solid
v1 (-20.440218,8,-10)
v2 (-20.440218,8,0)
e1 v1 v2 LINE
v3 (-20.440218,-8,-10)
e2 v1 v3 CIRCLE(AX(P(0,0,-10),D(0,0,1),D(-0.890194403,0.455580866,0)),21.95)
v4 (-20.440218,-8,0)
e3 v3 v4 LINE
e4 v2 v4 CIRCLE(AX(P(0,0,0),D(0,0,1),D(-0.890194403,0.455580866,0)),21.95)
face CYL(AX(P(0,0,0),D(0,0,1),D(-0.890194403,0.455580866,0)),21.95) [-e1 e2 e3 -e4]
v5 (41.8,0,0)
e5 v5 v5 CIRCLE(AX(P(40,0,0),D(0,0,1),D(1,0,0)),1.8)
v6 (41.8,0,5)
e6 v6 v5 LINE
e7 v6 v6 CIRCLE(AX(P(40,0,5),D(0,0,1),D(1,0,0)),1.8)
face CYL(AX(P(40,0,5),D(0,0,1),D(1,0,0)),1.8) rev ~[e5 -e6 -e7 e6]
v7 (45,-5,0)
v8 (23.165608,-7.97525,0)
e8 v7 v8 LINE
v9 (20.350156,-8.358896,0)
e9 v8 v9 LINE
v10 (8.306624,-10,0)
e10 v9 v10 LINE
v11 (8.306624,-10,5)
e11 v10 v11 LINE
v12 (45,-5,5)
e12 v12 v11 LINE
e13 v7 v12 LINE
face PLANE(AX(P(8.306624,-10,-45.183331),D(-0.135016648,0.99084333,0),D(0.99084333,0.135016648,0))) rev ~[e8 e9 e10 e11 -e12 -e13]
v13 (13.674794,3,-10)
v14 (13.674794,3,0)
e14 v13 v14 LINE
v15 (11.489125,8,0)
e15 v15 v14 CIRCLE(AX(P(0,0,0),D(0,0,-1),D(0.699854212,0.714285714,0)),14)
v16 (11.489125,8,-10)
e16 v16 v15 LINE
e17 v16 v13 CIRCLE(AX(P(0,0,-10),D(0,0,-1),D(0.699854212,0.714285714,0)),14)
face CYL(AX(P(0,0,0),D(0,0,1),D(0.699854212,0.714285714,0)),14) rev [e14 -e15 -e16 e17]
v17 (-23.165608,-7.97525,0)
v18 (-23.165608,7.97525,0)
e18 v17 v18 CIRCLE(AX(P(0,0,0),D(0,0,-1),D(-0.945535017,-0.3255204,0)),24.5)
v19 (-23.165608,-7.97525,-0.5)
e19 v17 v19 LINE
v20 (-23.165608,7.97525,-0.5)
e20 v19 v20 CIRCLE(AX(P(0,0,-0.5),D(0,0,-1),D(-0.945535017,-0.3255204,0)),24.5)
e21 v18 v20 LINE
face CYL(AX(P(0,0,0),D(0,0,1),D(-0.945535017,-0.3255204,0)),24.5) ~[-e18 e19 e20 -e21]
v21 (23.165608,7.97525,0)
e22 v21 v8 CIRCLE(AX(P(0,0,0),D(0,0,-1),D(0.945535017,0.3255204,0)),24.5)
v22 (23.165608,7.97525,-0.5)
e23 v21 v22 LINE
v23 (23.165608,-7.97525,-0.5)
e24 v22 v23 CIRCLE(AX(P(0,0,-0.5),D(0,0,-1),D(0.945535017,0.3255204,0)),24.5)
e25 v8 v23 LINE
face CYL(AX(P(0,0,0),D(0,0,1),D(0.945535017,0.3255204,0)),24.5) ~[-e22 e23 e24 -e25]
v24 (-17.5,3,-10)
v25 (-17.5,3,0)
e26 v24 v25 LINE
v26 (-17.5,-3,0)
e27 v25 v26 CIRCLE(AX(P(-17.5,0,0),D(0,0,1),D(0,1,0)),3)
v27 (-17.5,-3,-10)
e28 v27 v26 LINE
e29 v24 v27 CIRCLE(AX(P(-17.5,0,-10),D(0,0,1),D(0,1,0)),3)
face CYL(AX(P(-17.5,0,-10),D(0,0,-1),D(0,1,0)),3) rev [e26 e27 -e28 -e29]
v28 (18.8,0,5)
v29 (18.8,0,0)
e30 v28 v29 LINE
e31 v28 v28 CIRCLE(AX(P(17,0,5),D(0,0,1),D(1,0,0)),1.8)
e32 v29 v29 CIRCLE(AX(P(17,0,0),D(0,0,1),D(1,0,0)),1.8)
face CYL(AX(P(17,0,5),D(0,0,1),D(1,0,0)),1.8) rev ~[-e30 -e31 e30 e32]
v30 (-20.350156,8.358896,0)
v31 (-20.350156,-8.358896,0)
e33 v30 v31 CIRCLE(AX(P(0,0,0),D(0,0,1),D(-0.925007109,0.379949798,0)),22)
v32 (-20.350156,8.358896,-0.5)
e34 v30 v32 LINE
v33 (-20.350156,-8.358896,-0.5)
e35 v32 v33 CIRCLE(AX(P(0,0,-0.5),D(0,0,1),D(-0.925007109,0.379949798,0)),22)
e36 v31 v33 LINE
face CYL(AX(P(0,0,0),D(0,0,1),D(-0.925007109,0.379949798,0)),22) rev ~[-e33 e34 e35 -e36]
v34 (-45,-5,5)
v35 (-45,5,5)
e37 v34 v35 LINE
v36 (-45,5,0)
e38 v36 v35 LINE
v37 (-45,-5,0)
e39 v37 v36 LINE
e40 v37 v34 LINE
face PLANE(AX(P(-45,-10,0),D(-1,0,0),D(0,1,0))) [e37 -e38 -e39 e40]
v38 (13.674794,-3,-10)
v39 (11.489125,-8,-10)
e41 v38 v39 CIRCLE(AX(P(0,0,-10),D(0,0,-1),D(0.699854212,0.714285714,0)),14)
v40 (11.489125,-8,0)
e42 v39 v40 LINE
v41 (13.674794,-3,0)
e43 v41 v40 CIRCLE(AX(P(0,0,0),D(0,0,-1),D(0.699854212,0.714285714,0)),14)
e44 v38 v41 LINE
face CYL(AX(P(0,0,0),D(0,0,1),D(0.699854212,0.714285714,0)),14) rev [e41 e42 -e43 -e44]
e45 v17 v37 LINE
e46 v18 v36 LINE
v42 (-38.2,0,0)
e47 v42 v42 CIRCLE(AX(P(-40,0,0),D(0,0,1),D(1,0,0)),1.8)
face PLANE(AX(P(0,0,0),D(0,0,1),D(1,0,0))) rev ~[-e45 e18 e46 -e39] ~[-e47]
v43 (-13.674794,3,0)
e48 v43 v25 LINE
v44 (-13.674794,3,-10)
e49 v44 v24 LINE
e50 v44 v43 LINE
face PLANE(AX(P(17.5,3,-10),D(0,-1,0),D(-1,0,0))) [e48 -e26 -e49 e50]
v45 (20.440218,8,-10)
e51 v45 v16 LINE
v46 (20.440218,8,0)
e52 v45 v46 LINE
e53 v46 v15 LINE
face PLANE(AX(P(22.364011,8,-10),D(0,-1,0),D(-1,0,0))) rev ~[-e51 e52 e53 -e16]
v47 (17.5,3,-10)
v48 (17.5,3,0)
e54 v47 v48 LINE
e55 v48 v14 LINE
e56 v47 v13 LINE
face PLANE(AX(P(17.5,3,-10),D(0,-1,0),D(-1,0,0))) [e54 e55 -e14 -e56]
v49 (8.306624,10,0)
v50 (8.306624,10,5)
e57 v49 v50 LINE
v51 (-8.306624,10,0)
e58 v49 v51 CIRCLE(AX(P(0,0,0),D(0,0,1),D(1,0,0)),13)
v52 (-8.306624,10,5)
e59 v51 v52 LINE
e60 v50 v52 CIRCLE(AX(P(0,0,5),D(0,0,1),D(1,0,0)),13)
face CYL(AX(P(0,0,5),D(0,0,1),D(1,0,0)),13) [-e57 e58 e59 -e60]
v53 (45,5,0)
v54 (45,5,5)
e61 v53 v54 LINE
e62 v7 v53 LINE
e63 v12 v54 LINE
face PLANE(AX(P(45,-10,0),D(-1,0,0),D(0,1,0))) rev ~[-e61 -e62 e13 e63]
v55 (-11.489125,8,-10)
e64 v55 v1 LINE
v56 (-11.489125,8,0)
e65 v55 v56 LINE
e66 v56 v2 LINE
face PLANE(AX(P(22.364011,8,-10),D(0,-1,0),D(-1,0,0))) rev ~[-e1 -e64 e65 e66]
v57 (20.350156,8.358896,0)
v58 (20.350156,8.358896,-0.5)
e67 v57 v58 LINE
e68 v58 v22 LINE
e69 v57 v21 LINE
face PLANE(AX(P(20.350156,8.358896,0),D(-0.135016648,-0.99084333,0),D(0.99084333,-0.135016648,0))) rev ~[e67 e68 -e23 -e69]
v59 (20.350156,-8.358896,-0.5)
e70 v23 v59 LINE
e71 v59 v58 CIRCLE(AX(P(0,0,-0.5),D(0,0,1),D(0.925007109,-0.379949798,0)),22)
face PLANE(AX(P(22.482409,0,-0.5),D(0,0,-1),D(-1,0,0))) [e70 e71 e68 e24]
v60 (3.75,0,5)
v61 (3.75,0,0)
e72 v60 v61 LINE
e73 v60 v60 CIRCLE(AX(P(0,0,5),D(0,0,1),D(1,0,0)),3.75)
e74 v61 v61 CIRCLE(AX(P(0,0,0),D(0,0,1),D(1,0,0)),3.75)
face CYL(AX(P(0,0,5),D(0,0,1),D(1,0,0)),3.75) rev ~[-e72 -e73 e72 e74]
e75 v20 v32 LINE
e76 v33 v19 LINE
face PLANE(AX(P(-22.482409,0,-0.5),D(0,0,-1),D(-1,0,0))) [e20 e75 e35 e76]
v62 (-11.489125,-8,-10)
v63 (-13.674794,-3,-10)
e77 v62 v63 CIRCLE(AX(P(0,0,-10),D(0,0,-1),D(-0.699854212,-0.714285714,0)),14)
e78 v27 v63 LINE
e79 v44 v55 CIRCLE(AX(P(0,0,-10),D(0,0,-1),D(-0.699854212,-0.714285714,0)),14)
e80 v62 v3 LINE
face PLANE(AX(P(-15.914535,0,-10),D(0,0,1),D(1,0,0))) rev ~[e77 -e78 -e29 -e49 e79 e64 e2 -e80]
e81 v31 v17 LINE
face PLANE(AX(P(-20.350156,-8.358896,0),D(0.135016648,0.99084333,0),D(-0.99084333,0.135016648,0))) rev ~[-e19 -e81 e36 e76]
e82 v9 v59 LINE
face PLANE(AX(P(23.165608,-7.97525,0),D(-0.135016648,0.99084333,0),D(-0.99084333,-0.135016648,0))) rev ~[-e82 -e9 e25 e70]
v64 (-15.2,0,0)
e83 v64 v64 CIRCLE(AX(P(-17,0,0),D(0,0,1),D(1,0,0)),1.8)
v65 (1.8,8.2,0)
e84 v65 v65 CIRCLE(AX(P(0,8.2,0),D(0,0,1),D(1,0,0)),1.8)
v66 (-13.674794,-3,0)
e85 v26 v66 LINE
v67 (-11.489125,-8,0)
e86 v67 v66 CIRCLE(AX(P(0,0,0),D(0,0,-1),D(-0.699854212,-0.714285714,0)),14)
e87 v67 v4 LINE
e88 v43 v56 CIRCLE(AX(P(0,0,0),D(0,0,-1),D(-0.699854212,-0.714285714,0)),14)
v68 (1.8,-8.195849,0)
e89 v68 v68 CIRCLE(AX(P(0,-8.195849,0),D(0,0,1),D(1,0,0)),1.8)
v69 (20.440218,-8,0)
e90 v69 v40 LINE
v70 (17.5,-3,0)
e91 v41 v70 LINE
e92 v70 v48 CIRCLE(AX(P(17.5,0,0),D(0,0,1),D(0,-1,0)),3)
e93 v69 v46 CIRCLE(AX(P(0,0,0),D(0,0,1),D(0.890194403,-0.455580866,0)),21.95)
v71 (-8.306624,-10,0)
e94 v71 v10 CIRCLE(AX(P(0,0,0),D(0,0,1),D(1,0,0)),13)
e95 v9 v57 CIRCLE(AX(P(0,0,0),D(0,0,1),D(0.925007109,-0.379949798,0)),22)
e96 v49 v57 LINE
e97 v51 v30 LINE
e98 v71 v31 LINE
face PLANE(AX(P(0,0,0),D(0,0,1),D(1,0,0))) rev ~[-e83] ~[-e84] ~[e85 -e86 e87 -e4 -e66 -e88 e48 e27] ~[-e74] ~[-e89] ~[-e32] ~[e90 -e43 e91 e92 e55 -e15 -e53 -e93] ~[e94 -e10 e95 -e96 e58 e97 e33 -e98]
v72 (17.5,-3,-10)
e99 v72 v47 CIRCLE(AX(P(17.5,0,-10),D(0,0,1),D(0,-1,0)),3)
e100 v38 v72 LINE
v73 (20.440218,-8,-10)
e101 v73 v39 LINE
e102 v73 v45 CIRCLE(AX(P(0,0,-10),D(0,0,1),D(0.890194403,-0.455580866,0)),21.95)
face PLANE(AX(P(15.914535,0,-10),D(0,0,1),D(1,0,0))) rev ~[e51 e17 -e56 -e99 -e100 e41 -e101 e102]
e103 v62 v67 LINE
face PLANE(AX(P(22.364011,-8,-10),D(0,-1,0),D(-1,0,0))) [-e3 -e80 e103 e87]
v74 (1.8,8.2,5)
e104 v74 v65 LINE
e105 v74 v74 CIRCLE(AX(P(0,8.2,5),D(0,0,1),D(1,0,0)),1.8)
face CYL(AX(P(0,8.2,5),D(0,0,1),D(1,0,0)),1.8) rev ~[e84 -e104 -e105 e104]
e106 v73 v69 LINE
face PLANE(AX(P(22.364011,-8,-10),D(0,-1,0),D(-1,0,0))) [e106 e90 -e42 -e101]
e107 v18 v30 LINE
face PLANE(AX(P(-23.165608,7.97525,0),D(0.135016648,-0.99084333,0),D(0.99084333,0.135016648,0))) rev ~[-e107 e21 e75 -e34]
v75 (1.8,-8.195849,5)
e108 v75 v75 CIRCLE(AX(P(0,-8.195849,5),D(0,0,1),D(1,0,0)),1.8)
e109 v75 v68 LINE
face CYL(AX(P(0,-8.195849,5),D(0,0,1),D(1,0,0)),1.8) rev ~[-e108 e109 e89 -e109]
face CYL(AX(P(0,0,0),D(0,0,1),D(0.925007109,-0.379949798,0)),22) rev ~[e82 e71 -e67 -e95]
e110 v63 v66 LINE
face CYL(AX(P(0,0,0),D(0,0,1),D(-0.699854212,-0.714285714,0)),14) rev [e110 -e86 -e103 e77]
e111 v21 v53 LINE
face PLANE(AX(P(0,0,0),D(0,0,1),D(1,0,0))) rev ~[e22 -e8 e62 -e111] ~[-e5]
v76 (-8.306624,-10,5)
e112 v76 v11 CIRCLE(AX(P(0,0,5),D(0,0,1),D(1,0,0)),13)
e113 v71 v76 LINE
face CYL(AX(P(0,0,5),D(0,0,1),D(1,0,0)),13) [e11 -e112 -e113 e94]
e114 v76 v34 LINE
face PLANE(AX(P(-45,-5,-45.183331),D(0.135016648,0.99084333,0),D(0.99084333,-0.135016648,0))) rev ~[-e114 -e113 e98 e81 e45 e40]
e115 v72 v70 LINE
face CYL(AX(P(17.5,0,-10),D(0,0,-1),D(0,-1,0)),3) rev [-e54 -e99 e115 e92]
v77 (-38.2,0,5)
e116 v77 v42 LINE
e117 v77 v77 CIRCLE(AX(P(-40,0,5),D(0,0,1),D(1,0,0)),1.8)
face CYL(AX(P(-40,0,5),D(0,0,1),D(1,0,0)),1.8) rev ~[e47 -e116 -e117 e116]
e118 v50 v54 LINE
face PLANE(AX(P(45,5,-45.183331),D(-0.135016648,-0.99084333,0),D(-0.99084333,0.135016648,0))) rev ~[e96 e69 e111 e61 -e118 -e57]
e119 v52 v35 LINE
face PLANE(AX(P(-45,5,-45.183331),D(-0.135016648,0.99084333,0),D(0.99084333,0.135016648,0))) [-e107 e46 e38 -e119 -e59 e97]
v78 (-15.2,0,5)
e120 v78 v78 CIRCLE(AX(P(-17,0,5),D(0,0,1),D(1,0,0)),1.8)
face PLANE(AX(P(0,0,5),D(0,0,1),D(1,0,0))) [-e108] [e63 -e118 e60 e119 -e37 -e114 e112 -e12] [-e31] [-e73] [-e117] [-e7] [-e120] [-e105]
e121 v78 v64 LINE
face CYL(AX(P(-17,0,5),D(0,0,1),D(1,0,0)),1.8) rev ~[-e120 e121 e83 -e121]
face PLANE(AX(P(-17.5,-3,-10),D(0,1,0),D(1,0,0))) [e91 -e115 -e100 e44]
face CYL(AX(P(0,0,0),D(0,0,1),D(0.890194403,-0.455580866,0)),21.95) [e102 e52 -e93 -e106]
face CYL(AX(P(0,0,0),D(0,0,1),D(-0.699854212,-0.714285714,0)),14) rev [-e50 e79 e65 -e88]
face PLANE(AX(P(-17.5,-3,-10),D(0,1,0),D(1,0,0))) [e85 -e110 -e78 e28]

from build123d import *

# Parameters (mm, degrees)
SKETCH_1_W               = 90
SKETCH_1_H               = 20
EXTRUDE_1_DEPTH          = 5
SKETCH_4_R               = 13
SKETCH_4_R_2             = 3.75
SKETCH_4_R_3             = 1.8
EXTRUDE_3_DEPTH          = 5
SKETCH_3_R               = 1.8
CUT_EXTRUDE_1_DEPTH      = 48.106262853
SKETCH_4_3_R             = 3.75
SKETCH_4_3_R_2           = 1.8
CUT_EXTRUDE_3_DEPTH      = 48.106262853
EXTRUDE_4_DEPTH          = 10
SKETCH_8_W               = 46.403712297
SKETCH_8_H               = 9.925238464
SKETCH_8_H_2             = 7.991750451
CUT_EXTRUDE_4_DEPTH      = 10
CUT_EXTRUDE_5_DEPTH      = 10
CUT_EXTRUDE_5_DEPTH_BACK = 50.183330509
CUT_EXTRUDE_6_DEPTH      = 10
EXTRUDE_5_DEPTH          = 0.5


with BuildPart() as part:
    # ｽｹｯﾁ1 → ﾎﾞｽ - 押し出し1 (new body)
    with BuildSketch(Plane.XY):
        Rectangle(SKETCH_1_W, SKETCH_1_H)
    extrude(amount=EXTRUDE_1_DEPTH)

    # ｽｹｯﾁ4 → ﾎﾞｽ - 押し出し3 (add)
    with BuildSketch(Plane.XY.offset(5)):
        Circle(SKETCH_4_R)
        Circle(SKETCH_4_R_2, mode=Mode.SUBTRACT)
        with Locations((0, 8.2)):
            Circle(SKETCH_4_R_3, mode=Mode.SUBTRACT)
        with Locations((0, -8.195848947)):
            Circle(SKETCH_4_R_3, mode=Mode.SUBTRACT)
    extrude(amount=-EXTRUDE_3_DEPTH)

    # ｽｹｯﾁ3 → ｶｯﾄ - 押し出し1 (cut, through all)
    with BuildSketch(Plane.XY.offset(5)):
        with Locations((-40, 0)):
            Circle(SKETCH_3_R)
        with Locations((-17, 0)):
            Circle(SKETCH_3_R)
        with Locations((17, 0)):
            Circle(SKETCH_3_R)
        with Locations((40, 0)):
            Circle(SKETCH_3_R)
    extrude(amount=-CUT_EXTRUDE_1_DEPTH, mode=Mode.SUBTRACT)

    # ｽｹｯﾁ4<3> → ｶｯﾄ - 押し出し3 (cut, through all)
    with BuildSketch(Plane.XY.offset(5)):
        Circle(SKETCH_4_3_R)
        with Locations((0, 8.2)):
            Circle(SKETCH_4_3_R_2)
        with Locations((0, -8.195848947)):
            Circle(SKETCH_4_3_R_2)
    extrude(amount=-CUT_EXTRUDE_3_DEPTH, mode=Mode.SUBTRACT)

    # ｽｹｯﾁ6 → ﾎﾞｽ - 押し出し4 (add)
    with BuildSketch(Plane(origin=(0, 0, 0), x_dir=(-1, 0, 0), z_dir=(0, 0, -1))):
        with BuildLine():
            Line((-19.539767143, 10), (-9.797958971, 10))
            ThreePointArc((-9.797958971, 10), (-14, 0), (-9.797958971, -10))
            Line((-9.797958971, -10), (-19.539767143, -10))
            ThreePointArc((-19.539767143, -10), (-21.95, 0), (-19.539767143, 10))
        make_face()
        with BuildLine():
            Line((9.797958971, 10), (19.539767143, 10))
            ThreePointArc((19.539767143, 10), (21.95, 0), (19.539767143, -10))
            Line((19.539767143, -10), (9.797958971, -10))
            ThreePointArc((9.797958971, -10), (14, 0), (9.797958971, 10))
        make_face()
    extrude(amount=EXTRUDE_4_DEPTH)

    # ｽｹｯﾁ8 → ｶｯﾄ - 押し出し4 (cut)
    with BuildSketch(Plane(origin=(0, 0, -10), x_dir=(-1, 0, 0), z_dir=(0, 0, -1))):
        with Locations((0.837844805, 12.962619232)):
            Rectangle(SKETCH_8_W, SKETCH_8_H)
        with Locations((0.837844805, -11.995875226)):
            Rectangle(SKETCH_8_W, SKETCH_8_H_2)
    extrude(amount=-CUT_EXTRUDE_4_DEPTH, mode=Mode.SUBTRACT)

    # ｽｹｯﾁ9 → ｶｯﾄ - 押し出し5 (cut, two sides: drawn at the far end of the back side and taken through both)
    with BuildSketch(Plane.XY.offset(5).offset(-CUT_EXTRUDE_5_DEPTH_BACK)):
        Polygon((8.306623863, -10), (45, -5), (45, -10), align=None)
        Polygon((45, 5), (8.306623863, 10), (45, 10), align=None)
        Polygon((-8.306623863, 10), (-45, 10), (-45, 5), align=None)
        Polygon((-8.306623863, -10), (-45, -10), (-45, -5), align=None)
    extrude(amount=CUT_EXTRUDE_5_DEPTH + CUT_EXTRUDE_5_DEPTH_BACK, mode=Mode.SUBTRACT)

    # ｽｹｯﾁ12 → ｶｯﾄ - 押し出し6 (cut)
    with BuildSketch(Plane(origin=(0, 0, -10), x_dir=(-1, 0, 0), z_dir=(0, 0, -1))):
        with BuildLine():
            Line((-17.5, 3), (17.5, 3))
            ThreePointArc((17.5, 3), (20.5, 0), (17.5, -3))
            Line((17.5, -3), (-17.5, -3))
            ThreePointArc((-17.5, -3), (-20.5, 0), (-17.5, 3))
        make_face()
    extrude(amount=-CUT_EXTRUDE_6_DEPTH, mode=Mode.SUBTRACT)

    # ｽｹｯﾁ13 → ﾎﾞｽ - 押し出し5 (add)
    with BuildSketch(Plane(origin=(0, 0, 0), x_dir=(-1, 0, 0), z_dir=(0, 0, -1))):
        with BuildLine():
            Line((-20.35015639, 8.358895556), (-23.165607924, 7.97524981))
            ThreePointArc((-23.165607924, 7.97524981), (-24.5, 0), (-23.165607924, -7.97524981))
            Line((-23.165607924, -7.97524981), (-20.35015639, -8.358895556))
            ThreePointArc((-20.35015639, -8.358895556), (-22, 0), (-20.35015639, 8.358895556))
        make_face()
        with BuildLine():
            Line((23.165607924, 7.97524981), (20.35015639, 8.358895556))
            ThreePointArc((20.35015639, 8.358895556), (22, 0), (20.35015639, -8.358895556))
            Line((20.35015639, -8.358895556), (23.165607924, -7.97524981))
            ThreePointArc((23.165607924, -7.97524981), (24.5, 0), (23.165607924, 7.97524981))
        make_face()
    extrude(amount=EXTRUDE_5_DEPTH)


solid = part.part
